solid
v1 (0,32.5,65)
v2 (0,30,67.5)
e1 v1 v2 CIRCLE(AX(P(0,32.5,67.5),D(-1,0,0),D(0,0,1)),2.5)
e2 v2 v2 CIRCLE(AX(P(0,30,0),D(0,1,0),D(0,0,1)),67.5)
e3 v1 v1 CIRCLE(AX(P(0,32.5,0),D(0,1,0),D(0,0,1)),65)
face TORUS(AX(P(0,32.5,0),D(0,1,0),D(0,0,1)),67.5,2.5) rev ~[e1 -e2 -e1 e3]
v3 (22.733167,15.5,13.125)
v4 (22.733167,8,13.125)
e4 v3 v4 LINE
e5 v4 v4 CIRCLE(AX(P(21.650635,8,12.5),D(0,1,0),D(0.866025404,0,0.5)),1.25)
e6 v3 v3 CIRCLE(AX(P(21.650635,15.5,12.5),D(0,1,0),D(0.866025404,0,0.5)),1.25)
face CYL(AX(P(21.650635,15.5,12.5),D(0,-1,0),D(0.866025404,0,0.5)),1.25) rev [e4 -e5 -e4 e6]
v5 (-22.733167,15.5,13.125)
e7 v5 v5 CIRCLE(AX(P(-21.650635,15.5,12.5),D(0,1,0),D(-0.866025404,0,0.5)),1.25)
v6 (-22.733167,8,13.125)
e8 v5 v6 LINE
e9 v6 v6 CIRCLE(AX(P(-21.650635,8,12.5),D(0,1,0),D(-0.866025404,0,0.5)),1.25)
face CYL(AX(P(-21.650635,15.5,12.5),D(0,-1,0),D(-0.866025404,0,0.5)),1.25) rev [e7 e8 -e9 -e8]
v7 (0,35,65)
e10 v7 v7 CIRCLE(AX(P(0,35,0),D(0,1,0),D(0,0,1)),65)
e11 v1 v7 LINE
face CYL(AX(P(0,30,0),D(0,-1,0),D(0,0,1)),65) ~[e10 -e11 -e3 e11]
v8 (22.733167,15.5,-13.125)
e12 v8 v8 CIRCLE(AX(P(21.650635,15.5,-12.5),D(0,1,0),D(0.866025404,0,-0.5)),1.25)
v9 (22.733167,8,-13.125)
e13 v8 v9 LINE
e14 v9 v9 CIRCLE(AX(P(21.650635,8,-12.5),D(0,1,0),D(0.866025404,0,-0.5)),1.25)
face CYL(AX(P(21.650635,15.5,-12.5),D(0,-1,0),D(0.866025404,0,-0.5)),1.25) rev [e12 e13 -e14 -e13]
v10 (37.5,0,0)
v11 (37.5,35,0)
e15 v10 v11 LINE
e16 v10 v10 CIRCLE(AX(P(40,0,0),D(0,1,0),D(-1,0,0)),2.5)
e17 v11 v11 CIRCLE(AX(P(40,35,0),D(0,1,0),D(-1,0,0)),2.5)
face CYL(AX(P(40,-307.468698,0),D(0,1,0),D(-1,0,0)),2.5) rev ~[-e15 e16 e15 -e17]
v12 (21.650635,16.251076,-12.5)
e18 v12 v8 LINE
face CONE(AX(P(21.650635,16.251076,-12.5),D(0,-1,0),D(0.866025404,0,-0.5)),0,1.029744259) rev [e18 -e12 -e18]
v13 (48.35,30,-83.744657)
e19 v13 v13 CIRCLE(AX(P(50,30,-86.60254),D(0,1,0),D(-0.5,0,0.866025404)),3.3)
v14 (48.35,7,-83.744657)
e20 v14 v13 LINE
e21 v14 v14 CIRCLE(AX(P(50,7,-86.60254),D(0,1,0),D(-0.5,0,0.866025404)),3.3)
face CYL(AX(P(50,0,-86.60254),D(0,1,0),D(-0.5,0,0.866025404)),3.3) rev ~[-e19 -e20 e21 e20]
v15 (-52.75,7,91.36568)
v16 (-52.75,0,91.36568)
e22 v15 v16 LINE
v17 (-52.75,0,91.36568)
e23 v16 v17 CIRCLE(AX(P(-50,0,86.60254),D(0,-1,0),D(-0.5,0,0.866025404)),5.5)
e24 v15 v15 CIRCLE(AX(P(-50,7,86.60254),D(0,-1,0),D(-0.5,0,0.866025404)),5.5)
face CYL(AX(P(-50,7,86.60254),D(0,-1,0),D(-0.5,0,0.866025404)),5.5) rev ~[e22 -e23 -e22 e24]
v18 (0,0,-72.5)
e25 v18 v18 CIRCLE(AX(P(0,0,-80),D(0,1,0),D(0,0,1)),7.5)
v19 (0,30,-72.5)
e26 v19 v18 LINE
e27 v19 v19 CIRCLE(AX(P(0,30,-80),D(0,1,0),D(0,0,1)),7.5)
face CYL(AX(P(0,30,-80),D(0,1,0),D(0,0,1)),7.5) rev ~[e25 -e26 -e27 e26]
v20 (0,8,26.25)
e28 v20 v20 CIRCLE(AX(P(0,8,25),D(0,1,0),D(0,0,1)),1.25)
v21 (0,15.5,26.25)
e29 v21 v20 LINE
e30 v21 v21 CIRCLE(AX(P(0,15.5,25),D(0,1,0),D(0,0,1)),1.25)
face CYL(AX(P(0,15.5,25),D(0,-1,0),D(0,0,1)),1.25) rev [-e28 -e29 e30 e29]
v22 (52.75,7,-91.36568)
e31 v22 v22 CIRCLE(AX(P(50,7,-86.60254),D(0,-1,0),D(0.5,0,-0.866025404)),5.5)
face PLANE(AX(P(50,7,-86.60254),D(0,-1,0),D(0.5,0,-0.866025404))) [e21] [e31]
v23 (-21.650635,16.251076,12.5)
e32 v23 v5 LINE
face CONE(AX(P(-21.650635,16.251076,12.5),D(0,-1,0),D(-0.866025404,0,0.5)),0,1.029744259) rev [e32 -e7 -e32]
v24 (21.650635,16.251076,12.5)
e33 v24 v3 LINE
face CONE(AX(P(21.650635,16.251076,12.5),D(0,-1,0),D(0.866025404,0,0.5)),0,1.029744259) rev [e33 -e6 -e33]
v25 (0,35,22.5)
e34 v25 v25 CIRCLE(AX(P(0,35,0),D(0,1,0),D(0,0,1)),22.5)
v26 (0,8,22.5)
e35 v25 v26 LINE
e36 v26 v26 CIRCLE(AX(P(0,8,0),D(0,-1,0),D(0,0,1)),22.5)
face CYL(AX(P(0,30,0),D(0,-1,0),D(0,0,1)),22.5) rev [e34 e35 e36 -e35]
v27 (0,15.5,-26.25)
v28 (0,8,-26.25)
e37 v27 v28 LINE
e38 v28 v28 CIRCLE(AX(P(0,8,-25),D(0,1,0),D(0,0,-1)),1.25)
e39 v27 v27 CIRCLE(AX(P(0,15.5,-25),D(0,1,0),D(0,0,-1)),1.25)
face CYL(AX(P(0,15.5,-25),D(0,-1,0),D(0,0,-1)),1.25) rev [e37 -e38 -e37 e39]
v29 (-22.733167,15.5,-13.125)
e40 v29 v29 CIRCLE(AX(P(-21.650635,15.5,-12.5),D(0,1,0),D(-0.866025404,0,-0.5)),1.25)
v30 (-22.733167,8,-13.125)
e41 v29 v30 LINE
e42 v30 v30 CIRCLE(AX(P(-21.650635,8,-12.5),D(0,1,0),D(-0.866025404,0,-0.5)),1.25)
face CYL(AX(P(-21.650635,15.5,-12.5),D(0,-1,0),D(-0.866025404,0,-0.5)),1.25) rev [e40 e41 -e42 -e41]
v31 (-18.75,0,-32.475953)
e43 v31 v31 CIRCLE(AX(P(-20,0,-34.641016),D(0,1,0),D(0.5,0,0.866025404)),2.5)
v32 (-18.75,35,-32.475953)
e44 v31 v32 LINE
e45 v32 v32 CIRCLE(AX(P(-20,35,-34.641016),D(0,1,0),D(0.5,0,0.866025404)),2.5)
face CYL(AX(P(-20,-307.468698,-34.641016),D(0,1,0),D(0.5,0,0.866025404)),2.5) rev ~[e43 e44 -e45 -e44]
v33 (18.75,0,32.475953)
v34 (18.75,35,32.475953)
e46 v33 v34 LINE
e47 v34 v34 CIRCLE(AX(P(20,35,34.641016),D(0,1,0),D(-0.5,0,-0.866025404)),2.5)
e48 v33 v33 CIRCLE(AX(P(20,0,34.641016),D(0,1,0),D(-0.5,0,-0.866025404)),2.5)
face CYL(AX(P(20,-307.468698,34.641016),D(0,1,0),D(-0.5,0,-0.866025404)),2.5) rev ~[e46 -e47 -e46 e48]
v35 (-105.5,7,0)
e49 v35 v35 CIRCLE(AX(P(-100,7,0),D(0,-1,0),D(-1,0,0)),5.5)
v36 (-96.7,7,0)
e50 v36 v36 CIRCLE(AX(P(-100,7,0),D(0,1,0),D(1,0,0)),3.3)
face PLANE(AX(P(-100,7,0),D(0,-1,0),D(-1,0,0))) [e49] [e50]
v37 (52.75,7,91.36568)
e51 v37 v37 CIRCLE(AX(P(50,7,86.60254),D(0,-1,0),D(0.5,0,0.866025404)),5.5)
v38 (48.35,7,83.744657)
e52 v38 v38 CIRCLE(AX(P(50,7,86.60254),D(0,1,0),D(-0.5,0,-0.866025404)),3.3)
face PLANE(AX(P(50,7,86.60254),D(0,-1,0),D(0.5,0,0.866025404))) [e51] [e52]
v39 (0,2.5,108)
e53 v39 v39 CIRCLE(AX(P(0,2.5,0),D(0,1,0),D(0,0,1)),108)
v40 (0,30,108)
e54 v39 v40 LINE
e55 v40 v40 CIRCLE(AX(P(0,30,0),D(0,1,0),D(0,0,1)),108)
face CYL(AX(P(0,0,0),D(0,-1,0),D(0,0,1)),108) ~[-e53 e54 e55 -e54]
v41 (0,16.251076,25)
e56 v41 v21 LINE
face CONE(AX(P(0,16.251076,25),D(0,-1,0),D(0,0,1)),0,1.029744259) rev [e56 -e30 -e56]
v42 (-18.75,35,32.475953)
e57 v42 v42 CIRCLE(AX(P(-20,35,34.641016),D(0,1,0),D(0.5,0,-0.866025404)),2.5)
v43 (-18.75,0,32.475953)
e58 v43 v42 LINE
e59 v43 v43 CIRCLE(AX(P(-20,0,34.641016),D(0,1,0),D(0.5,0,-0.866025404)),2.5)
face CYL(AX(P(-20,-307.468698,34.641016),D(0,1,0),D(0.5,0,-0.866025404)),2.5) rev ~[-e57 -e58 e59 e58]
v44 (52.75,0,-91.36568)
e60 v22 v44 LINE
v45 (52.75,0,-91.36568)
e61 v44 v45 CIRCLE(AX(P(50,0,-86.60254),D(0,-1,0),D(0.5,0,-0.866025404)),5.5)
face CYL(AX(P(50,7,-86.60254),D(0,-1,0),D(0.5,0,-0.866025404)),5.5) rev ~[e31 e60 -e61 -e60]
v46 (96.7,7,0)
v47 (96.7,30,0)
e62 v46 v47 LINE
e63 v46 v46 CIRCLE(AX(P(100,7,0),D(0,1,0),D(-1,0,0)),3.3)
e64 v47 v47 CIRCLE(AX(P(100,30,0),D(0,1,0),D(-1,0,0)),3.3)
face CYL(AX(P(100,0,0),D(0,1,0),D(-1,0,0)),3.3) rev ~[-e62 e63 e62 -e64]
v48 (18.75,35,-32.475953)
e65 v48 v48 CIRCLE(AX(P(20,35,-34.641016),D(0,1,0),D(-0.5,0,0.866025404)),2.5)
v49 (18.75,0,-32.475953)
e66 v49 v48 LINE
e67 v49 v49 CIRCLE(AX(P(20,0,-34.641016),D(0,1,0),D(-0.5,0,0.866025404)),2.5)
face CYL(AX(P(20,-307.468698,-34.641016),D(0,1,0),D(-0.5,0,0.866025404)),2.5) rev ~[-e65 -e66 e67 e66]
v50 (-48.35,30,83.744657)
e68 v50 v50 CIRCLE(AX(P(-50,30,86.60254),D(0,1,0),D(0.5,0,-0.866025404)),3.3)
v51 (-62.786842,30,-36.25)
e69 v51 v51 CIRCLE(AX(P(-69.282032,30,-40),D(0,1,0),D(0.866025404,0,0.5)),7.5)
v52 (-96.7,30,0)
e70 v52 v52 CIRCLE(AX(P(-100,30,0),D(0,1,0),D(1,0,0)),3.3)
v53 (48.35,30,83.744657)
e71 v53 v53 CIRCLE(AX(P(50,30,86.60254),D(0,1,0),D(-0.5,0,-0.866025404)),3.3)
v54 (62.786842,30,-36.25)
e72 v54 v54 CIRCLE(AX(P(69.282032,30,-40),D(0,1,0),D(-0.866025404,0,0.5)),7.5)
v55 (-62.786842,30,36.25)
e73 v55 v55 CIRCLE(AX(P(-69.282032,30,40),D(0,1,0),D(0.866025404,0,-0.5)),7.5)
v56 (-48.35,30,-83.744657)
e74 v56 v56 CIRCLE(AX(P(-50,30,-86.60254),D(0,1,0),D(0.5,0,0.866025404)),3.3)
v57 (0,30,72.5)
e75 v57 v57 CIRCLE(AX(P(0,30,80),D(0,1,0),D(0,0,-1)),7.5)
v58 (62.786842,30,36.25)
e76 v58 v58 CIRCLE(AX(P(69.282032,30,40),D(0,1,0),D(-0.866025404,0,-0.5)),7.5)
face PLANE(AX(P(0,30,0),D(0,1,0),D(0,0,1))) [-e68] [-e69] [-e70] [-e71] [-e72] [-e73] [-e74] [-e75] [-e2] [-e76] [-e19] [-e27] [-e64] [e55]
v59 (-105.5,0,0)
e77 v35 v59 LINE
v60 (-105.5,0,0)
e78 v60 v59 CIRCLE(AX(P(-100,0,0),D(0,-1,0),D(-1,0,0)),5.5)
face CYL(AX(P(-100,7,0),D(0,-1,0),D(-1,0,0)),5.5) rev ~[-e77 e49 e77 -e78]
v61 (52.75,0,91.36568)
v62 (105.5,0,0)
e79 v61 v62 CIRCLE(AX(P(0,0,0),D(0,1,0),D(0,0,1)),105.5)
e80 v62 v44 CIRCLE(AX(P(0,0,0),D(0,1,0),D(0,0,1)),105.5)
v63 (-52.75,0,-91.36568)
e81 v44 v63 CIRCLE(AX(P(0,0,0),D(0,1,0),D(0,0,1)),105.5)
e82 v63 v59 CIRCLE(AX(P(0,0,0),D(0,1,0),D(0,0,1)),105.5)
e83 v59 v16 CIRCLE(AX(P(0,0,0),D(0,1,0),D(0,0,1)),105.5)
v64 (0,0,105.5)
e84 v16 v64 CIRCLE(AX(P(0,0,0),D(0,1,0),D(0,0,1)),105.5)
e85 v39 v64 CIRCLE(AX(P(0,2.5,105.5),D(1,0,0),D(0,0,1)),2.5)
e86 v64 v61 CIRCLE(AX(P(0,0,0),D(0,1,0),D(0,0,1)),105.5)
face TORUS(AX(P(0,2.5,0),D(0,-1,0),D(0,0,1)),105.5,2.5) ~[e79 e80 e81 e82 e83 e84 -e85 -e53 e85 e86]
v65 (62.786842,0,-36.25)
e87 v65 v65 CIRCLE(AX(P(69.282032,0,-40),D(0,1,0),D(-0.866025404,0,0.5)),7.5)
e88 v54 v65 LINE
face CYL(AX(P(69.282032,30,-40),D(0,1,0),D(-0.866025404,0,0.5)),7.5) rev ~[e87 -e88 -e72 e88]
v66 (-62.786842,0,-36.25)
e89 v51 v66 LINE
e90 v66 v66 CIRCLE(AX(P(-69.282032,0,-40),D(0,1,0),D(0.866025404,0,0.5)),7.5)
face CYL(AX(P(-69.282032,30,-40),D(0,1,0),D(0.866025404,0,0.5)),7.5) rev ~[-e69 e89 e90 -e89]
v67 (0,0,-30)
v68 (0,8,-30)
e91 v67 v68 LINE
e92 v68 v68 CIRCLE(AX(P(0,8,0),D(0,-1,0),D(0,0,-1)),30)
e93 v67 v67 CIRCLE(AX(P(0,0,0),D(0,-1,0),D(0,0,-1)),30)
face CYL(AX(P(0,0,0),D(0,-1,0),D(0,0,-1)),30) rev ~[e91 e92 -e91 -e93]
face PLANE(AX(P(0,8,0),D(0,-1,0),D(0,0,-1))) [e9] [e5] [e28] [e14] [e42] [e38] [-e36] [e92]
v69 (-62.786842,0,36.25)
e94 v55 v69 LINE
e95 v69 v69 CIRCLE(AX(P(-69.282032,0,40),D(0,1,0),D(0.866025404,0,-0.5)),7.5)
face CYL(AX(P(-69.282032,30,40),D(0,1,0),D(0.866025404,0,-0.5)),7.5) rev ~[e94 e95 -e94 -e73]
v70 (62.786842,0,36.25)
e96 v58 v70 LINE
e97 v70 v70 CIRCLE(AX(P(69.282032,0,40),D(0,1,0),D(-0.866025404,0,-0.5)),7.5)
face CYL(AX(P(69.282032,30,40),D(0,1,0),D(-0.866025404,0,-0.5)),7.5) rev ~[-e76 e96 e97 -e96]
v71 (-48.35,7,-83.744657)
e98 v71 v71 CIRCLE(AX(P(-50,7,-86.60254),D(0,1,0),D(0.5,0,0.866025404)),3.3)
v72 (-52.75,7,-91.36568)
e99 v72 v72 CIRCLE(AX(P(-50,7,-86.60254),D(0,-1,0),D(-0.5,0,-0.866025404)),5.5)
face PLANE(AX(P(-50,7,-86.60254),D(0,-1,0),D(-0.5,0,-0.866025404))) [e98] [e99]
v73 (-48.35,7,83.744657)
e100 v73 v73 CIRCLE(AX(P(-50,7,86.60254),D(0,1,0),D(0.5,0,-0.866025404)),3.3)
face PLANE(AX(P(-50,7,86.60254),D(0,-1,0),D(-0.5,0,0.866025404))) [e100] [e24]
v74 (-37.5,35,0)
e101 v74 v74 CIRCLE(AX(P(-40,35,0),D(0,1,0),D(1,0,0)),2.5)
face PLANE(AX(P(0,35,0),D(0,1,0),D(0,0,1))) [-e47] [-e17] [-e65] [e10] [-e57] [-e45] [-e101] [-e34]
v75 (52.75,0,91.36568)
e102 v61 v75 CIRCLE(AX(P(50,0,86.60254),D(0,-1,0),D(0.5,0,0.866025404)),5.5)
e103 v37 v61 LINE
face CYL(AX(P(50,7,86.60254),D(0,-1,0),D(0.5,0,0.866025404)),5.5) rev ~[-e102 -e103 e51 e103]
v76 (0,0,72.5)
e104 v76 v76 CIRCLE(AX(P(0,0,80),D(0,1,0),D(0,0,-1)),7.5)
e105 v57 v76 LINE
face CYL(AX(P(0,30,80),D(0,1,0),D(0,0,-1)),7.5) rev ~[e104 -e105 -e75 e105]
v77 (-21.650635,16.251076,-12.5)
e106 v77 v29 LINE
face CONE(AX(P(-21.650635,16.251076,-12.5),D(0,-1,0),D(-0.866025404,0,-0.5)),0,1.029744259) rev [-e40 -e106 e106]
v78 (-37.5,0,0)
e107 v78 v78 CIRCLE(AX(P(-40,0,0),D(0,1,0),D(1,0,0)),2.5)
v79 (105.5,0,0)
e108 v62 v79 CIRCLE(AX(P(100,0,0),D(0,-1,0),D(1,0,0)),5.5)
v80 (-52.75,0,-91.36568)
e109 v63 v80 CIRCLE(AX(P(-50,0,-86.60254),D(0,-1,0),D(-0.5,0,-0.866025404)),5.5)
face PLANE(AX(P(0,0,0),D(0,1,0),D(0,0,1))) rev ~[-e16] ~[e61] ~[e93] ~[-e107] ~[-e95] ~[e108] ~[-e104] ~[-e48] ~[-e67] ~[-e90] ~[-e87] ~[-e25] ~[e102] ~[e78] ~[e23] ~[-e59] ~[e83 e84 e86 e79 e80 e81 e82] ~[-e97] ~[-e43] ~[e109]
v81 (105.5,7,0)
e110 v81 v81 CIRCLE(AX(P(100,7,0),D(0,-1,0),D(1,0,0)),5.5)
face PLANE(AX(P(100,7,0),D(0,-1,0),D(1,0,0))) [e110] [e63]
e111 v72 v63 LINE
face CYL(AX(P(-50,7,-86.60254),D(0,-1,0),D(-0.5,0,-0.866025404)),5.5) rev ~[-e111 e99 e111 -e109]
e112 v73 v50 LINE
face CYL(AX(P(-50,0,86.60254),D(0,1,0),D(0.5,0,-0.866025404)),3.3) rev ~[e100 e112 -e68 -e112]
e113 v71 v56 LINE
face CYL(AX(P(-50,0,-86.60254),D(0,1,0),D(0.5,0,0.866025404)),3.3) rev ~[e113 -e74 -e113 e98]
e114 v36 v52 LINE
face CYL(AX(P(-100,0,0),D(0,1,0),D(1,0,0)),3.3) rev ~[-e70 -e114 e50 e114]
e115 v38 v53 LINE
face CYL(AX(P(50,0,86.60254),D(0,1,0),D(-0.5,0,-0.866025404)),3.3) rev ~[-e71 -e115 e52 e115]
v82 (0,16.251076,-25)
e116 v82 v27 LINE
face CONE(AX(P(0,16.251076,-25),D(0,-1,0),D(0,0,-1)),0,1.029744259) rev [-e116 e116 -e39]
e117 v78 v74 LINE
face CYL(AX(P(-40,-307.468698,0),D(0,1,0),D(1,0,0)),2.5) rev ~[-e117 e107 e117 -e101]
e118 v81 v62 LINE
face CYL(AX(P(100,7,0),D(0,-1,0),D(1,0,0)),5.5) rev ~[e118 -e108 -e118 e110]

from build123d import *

# Parameters (mm, degrees)
SKETCH_1_R                = 108
SKETCH_1_R_2              = 22.5
EXTRUDE_1_DEPTH           = 30
SKETCH_2_R                = 65
SKETCH_2_R_2              = 22.5
EXTRUDE_2_DEPTH           = 5
SKETCH_6_R                = 30
CUT_EXTRUDE_2_DEPTH       = 8
FILLET_1_R                = 2.5
SKETCH_3_R                = 7.5
CUT_EXTRUDE_1_DEPTH       = 156.653461253
HOLE_WIZARD_M6_1_D        = 5
HOLE_WIZARD_2_D           = 6.6
HOLE_WIZARD_2_CBORE_D     = 11
HOLE_WIZARD_2_CBORE_DEPTH = 7
PATTERN_CIRCULAR_1_COUNT  = 6


with BuildPart() as part:
    # 草图1 → 凸台-拉伸1 (new body)
    with BuildSketch(Plane(origin=(0, 0, 0), x_dir=(1, 0, 0), z_dir=(0, 1, 0))):
        with Locations(Location((0, 0, 0), (0, 0, 270))):
            Circle(SKETCH_1_R)
        with Locations(Location((0, 0, 0), (0, 0, 270))):
            Circle(SKETCH_1_R_2, mode=Mode.SUBTRACT)
    extrude(amount=EXTRUDE_1_DEPTH)

    # 草图2 → 凸台-拉伸2 (add)
    with BuildSketch(Plane(origin=(0, 30, 0), x_dir=(1, 0, 0), z_dir=(0, 1, 0))):
        with Locations(Location((0, 0, 0), (0, 0, 270))):
            Circle(SKETCH_2_R)
        with Locations(Location((0, 0, 0), (0, 0, 270))):
            Circle(SKETCH_2_R_2, mode=Mode.SUBTRACT)
    extrude(amount=EXTRUDE_2_DEPTH)

    # 草图6 → 切除-拉伸2 (cut)
    with BuildSketch(Plane.XZ):
        with Locations(Location((0, 0, 0), (0, 0, 270))):
            Circle(SKETCH_6_R)
    extrude(amount=-CUT_EXTRUDE_2_DEPTH, mode=Mode.SUBTRACT)

    # 圆角1
    fillet_1_edges = [part.edges().sort_by_distance(p)[0] for p in [
        (0, 30, -65),
        (0, 0, -108),
    ]]
    fillet(fillet_1_edges, radius=FILLET_1_R)

    # 草图3 → 切除-拉伸1 (cut, through all)
    with BuildSketch(Plane(origin=(0, 30, 0), x_dir=(1, 0, 0), z_dir=(0, 1, 0))):
        with Locations(Location((0, 80, 0), (0, 0, 270))):
            Circle(SKETCH_3_R)
    cut_extrude_1 = extrude(amount=-CUT_EXTRUDE_1_DEPTH, mode=Mode.SUBTRACT)

    # M6 螺纹孔1 (through all)
    with Locations(Plane(origin=(0, 0, 0), x_dir=(-1, 0, 0), z_dir=(0, -1, 0))):
        with Locations((40, 0)):
            hole_wizard_m6_1 = Hole(HOLE_WIZARD_M6_1_D / 2)

    # 打孔尺寸(%根据)内六角圆柱头螺钉的类型2 (through all)
    with Locations(Plane(origin=(0, 0, 0), x_dir=(-1, 0, 0), z_dir=(0, -1, 0))):
        with Locations((100, 0)):
            hole_wizard_2 = CounterBoreHole(HOLE_WIZARD_2_D / 2, HOLE_WIZARD_2_CBORE_D / 2, HOLE_WIZARD_2_CBORE_DEPTH)

    # 草图11 → M3 螺纹孔1 (revolve, cut)
    with BuildSketch(Plane(origin=(0, 8, -25), x_dir=(0, 0, -1), z_dir=(1, 0, 0))):
        Polygon((0, 0), (0, 8.251075774), (1.25, 7.5), (1.25, 0), align=None)
    hole_wizard_m3_1 = revolve(axis=Axis((0, 1.65, -25), (0, 1, 0)), mode=Mode.SUBTRACT)

    # 阵列(圆周)1: 切除-拉伸1, M6 螺纹孔1, 打孔尺寸(%根据)内六角圆柱头螺钉的类型2, M3 螺纹孔1 ×6 about axis
    pattern_circular_1_axis = Axis((0, 0, 0), (0, 1, 0))
    add([cut_extrude_1.rotate(pattern_circular_1_axis, i * 360 / PATTERN_CIRCULAR_1_COUNT) for i in range(1, PATTERN_CIRCULAR_1_COUNT)], mode=Mode.SUBTRACT)
    add([hole_wizard_m6_1.rotate(pattern_circular_1_axis, i * 360 / PATTERN_CIRCULAR_1_COUNT) for i in range(1, PATTERN_CIRCULAR_1_COUNT)], mode=Mode.SUBTRACT)
    add([hole_wizard_2.rotate(pattern_circular_1_axis, i * 360 / PATTERN_CIRCULAR_1_COUNT) for i in range(1, PATTERN_CIRCULAR_1_COUNT)], mode=Mode.SUBTRACT)
    add([hole_wizard_m3_1.rotate(pattern_circular_1_axis, i * 360 / PATTERN_CIRCULAR_1_COUNT) for i in range(1, PATTERN_CIRCULAR_1_COUNT)], mode=Mode.SUBTRACT)


solid = part.part
